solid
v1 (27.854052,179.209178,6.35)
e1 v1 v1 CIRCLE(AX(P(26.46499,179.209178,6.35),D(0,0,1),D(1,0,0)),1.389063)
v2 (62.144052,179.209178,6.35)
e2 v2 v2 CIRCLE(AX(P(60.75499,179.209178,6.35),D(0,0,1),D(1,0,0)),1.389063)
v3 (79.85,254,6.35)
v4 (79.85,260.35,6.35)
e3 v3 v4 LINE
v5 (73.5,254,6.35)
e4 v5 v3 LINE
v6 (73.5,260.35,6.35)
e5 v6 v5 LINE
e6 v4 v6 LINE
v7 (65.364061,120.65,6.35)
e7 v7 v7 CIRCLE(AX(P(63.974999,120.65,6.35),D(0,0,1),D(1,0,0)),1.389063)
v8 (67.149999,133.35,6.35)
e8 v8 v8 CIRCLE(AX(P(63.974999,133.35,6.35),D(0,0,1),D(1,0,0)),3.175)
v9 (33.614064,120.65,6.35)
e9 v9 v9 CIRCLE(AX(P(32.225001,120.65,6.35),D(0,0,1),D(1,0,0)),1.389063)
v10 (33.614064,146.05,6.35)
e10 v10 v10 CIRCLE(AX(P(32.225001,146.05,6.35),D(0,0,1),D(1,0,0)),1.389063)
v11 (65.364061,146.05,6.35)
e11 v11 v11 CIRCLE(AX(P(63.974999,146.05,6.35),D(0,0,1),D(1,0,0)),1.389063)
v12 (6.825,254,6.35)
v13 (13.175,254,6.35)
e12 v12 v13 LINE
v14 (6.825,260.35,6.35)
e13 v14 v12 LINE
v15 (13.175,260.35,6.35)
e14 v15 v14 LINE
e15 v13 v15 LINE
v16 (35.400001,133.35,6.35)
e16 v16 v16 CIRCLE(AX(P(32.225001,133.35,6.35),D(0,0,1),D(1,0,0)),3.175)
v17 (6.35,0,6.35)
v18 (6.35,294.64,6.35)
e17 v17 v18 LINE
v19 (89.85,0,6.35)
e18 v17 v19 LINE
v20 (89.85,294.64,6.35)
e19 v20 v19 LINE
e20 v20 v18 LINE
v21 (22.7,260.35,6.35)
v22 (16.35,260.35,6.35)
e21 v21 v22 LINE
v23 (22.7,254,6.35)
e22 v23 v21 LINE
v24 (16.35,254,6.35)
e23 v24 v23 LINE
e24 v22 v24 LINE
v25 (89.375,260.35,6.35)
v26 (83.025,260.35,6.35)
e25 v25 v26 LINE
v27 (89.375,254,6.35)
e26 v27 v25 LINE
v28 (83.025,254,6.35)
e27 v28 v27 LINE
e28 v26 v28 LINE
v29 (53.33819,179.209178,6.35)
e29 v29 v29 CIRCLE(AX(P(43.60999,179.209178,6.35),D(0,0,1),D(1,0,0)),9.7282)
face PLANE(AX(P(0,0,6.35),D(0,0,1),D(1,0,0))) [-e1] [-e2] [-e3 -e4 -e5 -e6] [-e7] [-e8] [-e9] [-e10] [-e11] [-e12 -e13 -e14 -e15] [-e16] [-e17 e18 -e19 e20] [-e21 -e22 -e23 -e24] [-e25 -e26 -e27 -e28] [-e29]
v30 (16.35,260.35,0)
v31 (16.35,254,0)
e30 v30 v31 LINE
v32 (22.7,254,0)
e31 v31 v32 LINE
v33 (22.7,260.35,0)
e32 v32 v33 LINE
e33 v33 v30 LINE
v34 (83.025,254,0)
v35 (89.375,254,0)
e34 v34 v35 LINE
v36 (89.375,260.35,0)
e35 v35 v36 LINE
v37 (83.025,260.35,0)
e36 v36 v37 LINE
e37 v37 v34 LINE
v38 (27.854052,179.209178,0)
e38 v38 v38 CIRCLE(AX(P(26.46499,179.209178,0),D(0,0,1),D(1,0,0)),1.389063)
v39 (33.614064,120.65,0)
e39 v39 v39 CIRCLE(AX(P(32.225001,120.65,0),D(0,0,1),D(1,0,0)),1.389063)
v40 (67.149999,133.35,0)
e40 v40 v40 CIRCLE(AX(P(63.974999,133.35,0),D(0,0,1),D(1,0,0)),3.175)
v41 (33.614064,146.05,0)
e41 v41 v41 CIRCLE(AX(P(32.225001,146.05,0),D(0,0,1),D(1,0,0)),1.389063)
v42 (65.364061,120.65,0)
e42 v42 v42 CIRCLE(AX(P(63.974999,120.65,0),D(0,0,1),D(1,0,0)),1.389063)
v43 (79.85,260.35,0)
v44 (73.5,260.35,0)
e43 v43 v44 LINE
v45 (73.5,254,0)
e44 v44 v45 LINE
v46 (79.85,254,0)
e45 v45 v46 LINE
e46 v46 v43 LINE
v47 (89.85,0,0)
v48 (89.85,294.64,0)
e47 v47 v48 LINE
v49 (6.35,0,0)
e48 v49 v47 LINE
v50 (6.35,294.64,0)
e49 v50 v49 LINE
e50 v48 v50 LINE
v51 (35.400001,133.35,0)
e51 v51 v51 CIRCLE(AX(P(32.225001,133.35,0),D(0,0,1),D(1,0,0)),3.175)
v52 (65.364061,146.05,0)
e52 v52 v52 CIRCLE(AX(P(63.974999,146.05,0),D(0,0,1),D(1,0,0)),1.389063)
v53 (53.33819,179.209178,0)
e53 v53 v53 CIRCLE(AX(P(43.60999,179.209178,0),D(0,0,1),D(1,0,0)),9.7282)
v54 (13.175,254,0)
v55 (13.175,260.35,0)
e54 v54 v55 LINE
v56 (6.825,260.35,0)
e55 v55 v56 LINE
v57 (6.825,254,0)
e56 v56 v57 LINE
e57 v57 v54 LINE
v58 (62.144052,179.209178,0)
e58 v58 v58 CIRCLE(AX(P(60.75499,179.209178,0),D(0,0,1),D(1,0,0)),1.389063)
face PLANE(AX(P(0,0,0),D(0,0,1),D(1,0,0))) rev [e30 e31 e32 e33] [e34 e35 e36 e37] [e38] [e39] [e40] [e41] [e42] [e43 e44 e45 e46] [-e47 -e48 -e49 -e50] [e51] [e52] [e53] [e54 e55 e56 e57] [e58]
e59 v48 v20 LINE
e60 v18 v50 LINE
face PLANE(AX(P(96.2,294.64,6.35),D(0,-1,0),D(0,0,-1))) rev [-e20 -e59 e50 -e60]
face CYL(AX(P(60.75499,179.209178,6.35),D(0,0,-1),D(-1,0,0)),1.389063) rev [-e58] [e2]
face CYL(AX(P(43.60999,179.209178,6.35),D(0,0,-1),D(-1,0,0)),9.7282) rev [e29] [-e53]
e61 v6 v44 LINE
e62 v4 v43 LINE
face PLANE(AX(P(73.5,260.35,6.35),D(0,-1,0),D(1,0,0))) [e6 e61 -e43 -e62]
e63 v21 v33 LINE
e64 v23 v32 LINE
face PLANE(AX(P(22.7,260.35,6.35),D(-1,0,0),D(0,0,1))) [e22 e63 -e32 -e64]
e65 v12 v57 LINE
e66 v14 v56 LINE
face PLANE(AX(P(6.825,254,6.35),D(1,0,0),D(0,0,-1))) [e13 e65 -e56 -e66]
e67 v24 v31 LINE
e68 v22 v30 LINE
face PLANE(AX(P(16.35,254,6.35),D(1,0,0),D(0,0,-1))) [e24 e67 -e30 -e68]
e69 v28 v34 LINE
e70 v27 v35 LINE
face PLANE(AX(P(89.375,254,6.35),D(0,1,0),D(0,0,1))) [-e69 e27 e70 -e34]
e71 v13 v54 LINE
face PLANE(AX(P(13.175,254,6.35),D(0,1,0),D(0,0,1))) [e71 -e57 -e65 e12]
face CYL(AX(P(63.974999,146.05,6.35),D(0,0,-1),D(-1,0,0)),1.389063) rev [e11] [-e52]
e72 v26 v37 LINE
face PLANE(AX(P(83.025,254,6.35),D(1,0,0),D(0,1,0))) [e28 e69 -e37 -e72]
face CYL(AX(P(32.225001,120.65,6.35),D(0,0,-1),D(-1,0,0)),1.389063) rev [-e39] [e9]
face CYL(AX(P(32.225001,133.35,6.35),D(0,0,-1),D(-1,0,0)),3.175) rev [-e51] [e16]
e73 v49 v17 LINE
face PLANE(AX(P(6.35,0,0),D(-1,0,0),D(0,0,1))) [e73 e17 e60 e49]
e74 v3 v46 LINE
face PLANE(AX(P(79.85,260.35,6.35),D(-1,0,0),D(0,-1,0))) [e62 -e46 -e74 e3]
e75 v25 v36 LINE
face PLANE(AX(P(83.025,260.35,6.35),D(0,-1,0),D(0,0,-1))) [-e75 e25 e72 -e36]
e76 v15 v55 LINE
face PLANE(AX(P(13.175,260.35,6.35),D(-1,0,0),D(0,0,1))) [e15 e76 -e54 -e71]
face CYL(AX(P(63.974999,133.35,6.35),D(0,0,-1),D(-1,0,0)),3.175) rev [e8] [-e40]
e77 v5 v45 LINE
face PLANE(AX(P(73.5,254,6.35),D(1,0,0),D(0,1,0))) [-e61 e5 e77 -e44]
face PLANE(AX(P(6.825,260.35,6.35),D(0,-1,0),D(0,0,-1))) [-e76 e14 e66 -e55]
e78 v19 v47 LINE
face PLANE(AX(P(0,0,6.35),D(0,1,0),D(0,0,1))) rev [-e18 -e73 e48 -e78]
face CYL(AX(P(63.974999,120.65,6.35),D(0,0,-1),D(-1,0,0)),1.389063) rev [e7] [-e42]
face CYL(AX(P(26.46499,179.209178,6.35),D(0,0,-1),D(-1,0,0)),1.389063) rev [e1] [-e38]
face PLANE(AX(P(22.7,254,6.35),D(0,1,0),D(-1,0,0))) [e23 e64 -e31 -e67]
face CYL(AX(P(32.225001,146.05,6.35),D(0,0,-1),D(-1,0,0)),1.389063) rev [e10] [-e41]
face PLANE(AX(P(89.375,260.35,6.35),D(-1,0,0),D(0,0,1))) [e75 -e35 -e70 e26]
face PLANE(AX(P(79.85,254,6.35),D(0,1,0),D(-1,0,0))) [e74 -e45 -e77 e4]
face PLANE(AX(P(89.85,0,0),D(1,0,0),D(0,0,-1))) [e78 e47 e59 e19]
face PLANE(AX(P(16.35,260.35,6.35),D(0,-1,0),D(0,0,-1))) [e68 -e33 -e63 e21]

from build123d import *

# Parameters (mm, degrees)
SKETCH1_W           = 96.2
SKETCH1_H           = 294.64
SKETCH1_R           = 1.3890625
SKETCH1_R_2         = 3.175
SKETCH1_R_3         = 9.7282
SKETCH1_W_2         = 6.35
SKETCH1_H_2         = 6.35
BOSS_EXTRUDE1_DEPTH = 6.35
SKETCH3_W           = 6.35
SKETCH3_H           = 294.64
CUT_EXTRUDE2_DEPTH  = 6.35
SKETCH4_W           = 6.35
SKETCH4_H           = 294.64
CUT_EXTRUDE3_DEPTH  = 6.35


with BuildPart() as part:
    # Sketch1 → Boss-Extrude1 (new body)
    with BuildSketch(Plane.XY):
        with Locations((48.1, 147.32)):
            Rectangle(SKETCH1_W, SKETCH1_H)
        with Locations((63.9749986, 120.65)):
            Circle(SKETCH1_R, mode=Mode.SUBTRACT)
        with Locations((63.9749986, 133.35)):
            Circle(SKETCH1_R_2, mode=Mode.SUBTRACT)
        with Locations((63.9749986, 146.05)):
            Circle(SKETCH1_R, mode=Mode.SUBTRACT)
        with Locations((32.2250014, 146.05)):
            Circle(SKETCH1_R, mode=Mode.SUBTRACT)
        with Locations((32.2250014, 133.35)):
            Circle(SKETCH1_R_2, mode=Mode.SUBTRACT)
        with Locations((32.2250014, 120.65)):
            Circle(SKETCH1_R, mode=Mode.SUBTRACT)
        with Locations((60.754989798, 179.209178053)):
            Circle(SKETCH1_R, mode=Mode.SUBTRACT)
        with Locations((26.464989798, 179.209178053)):
            Circle(SKETCH1_R, mode=Mode.SUBTRACT)
        with Locations((43.609989798, 179.209178053)):
            Circle(SKETCH1_R_3, mode=Mode.SUBTRACT)
        with Locations((86.2, 257.175)):
            Rectangle(SKETCH1_W_2, SKETCH1_H_2, mode=Mode.SUBTRACT)
        with Locations((76.675, 257.175)):
            Rectangle(SKETCH1_W_2, SKETCH1_H_2, mode=Mode.SUBTRACT)
        with Locations((19.525, 257.175)):
            Rectangle(SKETCH1_W_2, SKETCH1_H_2, mode=Mode.SUBTRACT)
        with Locations((10, 257.175)):
            Rectangle(SKETCH1_W_2, SKETCH1_H_2, mode=Mode.SUBTRACT)
    extrude(amount=BOSS_EXTRUDE1_DEPTH)

    # Sketch3 → Cut-Extrude2 (cut)
    with BuildSketch(Plane.ZY):
        with Locations((3.175, 147.32)):
            Rectangle(SKETCH3_W, SKETCH3_H)
    extrude(amount=-CUT_EXTRUDE2_DEPTH, mode=Mode.SUBTRACT)

    # Sketch4 → Cut-Extrude3 (cut)
    with BuildSketch(Plane(origin=(96.2, 0, 0), x_dir=(0, 0, -1), z_dir=(1, 0, 0))):
        with Locations((-3.175, 147.32)):
            Rectangle(SKETCH4_W, SKETCH4_H)
    extrude(amount=-CUT_EXTRUDE3_DEPTH, mode=Mode.SUBTRACT)


solid = part.part
